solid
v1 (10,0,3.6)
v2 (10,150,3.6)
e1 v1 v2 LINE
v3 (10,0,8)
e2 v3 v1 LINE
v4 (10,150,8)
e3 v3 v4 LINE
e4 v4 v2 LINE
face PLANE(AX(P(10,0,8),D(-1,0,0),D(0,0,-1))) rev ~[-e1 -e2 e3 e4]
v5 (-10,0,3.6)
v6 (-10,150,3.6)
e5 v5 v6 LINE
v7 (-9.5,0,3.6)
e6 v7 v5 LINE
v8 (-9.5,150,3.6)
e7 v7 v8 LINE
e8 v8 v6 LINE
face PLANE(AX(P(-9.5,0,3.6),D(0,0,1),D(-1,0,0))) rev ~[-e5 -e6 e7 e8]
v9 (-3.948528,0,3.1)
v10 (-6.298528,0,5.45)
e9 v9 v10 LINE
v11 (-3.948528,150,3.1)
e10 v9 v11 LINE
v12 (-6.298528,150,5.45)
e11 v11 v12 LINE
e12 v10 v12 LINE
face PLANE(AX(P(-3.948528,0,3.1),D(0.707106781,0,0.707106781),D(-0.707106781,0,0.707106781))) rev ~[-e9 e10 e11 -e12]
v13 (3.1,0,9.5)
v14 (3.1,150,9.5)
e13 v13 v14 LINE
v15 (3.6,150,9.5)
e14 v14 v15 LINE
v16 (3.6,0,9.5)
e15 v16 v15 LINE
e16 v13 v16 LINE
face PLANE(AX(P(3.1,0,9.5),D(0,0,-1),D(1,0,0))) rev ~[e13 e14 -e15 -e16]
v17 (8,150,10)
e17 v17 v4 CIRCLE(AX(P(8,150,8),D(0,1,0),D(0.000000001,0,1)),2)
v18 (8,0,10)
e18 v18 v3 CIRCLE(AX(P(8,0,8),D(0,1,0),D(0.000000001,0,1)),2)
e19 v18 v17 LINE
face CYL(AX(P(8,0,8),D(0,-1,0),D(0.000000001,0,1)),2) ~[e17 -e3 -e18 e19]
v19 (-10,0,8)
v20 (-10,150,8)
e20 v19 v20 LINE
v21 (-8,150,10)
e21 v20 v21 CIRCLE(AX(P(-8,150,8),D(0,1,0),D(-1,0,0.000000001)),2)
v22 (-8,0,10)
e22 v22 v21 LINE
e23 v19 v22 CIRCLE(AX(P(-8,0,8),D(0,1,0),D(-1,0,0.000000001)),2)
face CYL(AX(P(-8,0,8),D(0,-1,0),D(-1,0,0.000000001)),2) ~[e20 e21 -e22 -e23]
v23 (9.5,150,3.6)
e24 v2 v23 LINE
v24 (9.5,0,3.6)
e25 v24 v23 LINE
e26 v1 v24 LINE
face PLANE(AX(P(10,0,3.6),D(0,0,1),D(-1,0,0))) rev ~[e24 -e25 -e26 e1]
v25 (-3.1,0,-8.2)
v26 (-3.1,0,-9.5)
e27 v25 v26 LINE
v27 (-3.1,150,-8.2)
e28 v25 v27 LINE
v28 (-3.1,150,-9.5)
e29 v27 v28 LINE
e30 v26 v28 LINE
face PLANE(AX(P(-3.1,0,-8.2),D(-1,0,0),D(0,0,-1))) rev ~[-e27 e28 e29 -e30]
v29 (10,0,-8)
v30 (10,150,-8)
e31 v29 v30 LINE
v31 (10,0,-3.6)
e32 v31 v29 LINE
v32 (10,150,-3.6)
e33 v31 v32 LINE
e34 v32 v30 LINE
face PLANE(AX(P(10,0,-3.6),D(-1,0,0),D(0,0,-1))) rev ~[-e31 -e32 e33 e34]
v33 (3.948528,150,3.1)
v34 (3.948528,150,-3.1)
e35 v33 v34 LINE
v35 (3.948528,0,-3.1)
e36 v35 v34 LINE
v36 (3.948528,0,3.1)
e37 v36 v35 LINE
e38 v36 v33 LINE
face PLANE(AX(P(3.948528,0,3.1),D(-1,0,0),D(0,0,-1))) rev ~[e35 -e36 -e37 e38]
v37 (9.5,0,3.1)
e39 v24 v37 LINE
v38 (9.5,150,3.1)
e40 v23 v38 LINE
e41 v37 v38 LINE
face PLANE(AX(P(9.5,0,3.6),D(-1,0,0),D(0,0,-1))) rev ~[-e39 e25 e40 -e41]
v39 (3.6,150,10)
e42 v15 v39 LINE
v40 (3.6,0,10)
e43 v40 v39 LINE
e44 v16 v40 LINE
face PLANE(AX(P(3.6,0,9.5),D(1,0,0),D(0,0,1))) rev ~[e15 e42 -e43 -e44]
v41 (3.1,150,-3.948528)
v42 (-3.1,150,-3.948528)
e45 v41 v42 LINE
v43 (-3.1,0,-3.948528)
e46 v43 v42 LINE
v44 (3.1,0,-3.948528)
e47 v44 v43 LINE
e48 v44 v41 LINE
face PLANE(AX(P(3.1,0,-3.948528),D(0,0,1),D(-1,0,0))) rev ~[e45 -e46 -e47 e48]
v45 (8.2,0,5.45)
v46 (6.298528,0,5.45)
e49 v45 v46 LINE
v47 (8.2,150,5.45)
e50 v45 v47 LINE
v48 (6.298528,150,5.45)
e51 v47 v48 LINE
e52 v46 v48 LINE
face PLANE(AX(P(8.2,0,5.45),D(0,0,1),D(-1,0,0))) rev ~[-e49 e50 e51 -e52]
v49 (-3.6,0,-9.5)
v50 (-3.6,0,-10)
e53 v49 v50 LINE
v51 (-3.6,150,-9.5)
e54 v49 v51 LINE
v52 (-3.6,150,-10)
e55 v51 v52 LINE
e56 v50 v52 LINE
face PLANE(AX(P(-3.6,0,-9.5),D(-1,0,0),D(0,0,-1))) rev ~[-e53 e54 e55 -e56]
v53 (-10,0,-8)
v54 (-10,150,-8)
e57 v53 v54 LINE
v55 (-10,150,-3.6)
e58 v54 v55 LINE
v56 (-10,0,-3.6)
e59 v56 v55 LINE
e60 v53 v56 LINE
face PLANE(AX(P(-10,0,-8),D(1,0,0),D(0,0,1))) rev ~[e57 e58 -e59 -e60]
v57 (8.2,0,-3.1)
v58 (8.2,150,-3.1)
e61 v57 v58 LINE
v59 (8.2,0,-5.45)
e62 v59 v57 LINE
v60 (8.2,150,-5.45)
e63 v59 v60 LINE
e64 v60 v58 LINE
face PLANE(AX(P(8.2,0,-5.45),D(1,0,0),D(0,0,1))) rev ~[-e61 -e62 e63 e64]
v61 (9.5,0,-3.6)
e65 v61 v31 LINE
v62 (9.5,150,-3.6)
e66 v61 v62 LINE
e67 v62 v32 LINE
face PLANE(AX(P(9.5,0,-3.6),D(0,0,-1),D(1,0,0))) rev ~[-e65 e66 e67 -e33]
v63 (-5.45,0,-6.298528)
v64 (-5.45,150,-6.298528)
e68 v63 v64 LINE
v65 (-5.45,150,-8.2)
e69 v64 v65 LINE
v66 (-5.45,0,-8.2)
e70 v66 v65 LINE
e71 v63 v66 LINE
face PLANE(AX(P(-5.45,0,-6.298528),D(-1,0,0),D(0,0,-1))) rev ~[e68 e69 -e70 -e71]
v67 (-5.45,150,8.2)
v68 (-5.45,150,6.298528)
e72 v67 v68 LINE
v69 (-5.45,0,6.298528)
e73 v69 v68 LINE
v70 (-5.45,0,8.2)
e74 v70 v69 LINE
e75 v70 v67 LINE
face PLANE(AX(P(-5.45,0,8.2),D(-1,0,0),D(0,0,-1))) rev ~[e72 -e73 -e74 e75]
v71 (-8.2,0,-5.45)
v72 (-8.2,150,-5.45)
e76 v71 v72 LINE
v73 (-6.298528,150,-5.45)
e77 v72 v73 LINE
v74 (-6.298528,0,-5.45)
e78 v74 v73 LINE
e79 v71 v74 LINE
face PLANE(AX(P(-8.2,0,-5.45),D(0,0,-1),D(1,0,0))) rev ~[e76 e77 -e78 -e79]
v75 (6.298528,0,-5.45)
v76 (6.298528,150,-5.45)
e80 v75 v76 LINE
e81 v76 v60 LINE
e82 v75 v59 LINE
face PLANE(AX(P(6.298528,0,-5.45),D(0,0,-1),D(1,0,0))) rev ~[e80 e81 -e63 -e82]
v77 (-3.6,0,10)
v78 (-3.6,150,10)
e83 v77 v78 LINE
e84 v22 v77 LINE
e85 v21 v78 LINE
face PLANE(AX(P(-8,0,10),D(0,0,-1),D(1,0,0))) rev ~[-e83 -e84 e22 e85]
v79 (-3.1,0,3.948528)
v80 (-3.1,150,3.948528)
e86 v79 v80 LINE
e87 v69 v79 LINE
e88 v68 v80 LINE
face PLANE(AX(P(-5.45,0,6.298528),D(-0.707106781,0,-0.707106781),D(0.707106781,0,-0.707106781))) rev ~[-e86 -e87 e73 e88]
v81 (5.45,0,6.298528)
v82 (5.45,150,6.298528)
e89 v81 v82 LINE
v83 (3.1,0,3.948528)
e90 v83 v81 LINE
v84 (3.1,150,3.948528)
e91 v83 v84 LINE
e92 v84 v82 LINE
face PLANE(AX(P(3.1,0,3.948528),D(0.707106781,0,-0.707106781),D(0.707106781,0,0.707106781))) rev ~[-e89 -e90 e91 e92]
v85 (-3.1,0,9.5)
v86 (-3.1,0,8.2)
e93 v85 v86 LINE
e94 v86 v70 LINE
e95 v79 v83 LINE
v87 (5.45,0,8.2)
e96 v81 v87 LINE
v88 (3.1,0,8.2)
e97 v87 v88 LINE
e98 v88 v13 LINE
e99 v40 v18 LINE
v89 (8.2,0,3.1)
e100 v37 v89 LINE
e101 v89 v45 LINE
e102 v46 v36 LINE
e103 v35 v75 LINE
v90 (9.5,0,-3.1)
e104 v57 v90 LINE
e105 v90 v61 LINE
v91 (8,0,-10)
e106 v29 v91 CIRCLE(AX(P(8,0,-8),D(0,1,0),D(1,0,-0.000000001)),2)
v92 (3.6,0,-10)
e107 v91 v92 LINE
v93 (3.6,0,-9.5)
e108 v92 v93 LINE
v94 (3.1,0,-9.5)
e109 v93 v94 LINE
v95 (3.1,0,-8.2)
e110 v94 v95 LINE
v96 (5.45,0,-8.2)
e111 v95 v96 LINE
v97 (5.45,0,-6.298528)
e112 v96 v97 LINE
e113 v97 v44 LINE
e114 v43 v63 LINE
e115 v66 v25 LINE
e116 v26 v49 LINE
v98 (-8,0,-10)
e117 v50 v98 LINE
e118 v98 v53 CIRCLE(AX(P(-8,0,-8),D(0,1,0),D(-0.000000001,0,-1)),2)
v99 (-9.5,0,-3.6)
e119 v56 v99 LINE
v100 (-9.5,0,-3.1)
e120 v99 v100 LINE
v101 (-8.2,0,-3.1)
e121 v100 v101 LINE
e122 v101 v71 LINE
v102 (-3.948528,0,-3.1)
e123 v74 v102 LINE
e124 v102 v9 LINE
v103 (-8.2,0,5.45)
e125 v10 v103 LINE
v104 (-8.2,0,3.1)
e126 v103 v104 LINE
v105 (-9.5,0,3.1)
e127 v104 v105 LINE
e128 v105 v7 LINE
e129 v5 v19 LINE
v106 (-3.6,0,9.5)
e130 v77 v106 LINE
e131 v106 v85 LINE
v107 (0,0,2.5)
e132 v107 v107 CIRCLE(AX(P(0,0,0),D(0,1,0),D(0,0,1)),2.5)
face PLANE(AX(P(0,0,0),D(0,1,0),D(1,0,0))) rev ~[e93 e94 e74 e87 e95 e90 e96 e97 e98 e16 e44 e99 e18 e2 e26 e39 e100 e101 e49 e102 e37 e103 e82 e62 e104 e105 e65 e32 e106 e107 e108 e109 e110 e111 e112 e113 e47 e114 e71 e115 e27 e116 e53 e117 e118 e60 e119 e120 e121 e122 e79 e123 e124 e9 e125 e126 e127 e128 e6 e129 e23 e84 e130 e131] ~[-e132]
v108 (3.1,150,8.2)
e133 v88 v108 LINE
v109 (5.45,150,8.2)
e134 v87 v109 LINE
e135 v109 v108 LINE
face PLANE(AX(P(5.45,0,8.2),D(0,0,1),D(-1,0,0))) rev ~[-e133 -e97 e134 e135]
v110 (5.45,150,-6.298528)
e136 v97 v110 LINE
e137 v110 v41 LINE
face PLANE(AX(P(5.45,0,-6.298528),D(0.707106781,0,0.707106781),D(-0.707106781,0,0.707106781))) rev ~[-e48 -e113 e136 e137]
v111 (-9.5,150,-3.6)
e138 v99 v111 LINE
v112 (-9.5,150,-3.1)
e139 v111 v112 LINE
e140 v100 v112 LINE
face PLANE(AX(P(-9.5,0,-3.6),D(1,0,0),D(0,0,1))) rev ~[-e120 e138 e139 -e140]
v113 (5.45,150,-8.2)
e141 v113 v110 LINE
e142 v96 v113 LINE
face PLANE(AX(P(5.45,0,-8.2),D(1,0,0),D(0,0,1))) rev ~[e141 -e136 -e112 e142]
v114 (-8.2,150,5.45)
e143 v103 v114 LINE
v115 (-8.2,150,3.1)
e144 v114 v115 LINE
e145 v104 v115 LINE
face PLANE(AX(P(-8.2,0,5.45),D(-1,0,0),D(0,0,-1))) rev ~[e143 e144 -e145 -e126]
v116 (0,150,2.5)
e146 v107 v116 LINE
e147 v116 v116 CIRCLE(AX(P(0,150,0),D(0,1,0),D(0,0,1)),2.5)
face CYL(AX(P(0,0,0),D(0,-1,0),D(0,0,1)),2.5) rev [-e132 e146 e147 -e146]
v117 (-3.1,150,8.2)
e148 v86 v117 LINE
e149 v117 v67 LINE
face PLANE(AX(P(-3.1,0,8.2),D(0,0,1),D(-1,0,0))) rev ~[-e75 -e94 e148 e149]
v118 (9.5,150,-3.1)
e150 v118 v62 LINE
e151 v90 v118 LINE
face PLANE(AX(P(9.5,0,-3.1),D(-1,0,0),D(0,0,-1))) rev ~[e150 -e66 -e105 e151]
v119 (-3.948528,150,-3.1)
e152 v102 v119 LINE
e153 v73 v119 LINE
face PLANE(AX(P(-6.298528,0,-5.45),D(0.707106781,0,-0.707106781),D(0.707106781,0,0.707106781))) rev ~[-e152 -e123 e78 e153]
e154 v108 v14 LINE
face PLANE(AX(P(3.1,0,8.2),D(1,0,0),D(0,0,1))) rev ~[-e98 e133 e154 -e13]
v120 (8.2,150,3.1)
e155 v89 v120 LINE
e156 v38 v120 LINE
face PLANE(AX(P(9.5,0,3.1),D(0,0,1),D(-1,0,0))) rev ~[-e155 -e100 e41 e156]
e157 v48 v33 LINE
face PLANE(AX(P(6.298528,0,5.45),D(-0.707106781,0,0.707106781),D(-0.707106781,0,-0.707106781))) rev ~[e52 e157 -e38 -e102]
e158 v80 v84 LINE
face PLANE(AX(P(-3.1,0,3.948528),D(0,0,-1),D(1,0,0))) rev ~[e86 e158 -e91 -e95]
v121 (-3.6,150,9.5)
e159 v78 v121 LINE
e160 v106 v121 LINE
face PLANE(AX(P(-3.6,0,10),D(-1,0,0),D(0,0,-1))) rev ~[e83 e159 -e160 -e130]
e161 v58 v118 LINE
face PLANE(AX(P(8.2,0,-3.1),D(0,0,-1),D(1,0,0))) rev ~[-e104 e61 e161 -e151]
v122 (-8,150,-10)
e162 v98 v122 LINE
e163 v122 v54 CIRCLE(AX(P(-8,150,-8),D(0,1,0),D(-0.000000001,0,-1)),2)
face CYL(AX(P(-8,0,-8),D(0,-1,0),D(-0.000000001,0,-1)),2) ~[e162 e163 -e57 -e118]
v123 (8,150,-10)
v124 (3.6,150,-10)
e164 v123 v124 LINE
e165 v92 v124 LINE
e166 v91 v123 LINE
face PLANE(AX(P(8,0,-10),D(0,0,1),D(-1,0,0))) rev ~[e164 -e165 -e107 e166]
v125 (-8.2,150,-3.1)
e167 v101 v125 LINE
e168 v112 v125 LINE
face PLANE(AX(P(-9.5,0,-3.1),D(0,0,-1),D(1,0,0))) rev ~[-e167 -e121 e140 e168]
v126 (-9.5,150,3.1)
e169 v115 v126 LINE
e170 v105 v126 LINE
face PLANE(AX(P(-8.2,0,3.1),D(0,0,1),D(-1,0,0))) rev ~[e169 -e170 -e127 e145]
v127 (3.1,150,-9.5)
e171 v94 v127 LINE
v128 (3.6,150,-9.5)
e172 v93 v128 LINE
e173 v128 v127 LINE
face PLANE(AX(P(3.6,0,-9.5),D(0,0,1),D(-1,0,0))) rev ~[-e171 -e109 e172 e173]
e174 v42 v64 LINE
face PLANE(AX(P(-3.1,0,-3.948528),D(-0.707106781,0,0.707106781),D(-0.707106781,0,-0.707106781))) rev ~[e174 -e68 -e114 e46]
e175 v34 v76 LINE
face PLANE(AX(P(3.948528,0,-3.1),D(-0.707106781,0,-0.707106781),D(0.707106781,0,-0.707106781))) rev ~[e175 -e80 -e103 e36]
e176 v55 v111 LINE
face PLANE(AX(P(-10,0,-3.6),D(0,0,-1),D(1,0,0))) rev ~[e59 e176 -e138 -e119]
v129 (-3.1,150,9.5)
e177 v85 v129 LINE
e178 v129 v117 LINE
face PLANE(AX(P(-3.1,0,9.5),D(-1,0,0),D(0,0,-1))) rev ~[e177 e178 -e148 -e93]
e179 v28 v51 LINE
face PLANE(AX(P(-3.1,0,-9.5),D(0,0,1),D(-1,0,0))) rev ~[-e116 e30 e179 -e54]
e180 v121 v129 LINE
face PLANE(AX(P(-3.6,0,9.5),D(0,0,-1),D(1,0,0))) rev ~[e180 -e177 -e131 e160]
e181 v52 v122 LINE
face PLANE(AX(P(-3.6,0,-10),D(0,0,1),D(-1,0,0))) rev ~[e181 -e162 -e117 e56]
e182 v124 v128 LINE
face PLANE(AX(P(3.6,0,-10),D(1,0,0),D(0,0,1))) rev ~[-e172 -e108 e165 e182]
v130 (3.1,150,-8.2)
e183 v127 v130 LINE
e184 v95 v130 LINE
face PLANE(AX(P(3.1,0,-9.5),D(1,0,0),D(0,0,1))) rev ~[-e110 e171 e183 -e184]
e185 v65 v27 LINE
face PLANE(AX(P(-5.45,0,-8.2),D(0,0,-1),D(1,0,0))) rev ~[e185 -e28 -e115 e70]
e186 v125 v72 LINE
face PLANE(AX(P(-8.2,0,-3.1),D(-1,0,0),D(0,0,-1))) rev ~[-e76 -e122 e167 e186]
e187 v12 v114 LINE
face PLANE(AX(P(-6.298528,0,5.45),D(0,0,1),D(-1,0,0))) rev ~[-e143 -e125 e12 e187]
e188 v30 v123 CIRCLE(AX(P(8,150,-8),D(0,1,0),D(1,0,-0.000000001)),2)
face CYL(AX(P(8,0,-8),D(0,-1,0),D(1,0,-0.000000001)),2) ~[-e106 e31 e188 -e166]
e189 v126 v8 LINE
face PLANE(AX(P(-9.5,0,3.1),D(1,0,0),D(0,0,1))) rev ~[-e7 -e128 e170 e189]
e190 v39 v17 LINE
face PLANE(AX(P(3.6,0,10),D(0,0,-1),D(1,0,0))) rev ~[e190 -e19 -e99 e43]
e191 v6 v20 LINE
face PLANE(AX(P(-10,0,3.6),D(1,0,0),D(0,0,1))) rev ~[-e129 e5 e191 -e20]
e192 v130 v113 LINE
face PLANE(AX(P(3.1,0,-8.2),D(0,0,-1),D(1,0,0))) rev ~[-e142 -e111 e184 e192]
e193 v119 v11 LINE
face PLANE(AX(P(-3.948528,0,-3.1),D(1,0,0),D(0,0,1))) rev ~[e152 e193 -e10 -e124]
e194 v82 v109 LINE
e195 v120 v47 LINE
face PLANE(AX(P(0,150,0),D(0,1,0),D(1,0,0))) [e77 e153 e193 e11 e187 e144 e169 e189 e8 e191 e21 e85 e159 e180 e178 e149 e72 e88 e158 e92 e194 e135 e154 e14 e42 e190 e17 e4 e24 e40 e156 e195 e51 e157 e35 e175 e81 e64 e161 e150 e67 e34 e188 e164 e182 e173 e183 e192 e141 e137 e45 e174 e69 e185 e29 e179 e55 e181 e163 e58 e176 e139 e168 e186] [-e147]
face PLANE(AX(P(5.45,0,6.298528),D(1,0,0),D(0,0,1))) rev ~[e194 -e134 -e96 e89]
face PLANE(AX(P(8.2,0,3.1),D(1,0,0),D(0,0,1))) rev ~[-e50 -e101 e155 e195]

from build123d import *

# Parameters (mm, degrees)
SKETCH_1_R      = 2.5
EXTRUDE_1_DEPTH = 150


with BuildPart() as part:
    # 草图1 → 凸台-拉伸1 (new body)
    with BuildSketch(Plane(origin=(0, 0, 0), x_dir=(1, 0, 0), z_dir=(0, 1, 0))):
        with BuildLine():
            Line((-3.948528137, -3.1), (-6.298528137, -5.45))
            Line((-6.298528137, -5.45), (-8.2, -5.45))
            Line((-8.2, -5.45), (-8.2, -3.1))
            Line((-8.2, -3.1), (-9.5, -3.1))
            Line((-9.5, -3.1), (-9.5, -3.6))
            Line((-9.5, -3.6), (-10, -3.6))
            Line((-10, -3.6), (-10, -8))
            ThreePointArc((-10, -8), (-9.414213562, -9.414213562), (-8, -10))
            Line((-8, -10), (-3.6, -10))
            Line((-3.6, -10), (-3.6, -9.5))
            Line((-3.6, -9.5), (-3.1, -9.5))
            Line((-3.1, -9.5), (-3.1, -8.2))
            Line((-3.1, -8.2), (-5.45, -8.2))
            Line((-5.45, -8.2), (-5.45, -6.298528137))
            Line((-5.45, -6.298528137), (-3.1, -3.948528137))
            Line((-3.1, -3.948528137), (0, -3.948528137))
            Line((0, -3.948528137), (3.1, -3.948528137))
            Line((3.1, -3.948528137), (5.45, -6.298528137))
            Line((5.45, -6.298528137), (5.45, -8.2))
            Line((5.45, -8.2), (3.1, -8.2))
            Line((3.1, -8.2), (3.1, -9.5))
            Line((3.1, -9.5), (3.6, -9.5))
            Line((3.6, -9.5), (3.6, -10))
            Line((3.6, -10), (8, -10))
            ThreePointArc((8, -10), (9.414213562, -9.414213562), (10, -8))
            Line((10, -8), (10, -3.6))
            Line((10, -3.6), (9.5, -3.6))
            Line((9.5, -3.6), (9.5, -3.1))
            Line((9.5, -3.1), (8.2, -3.1))
            Line((8.2, -3.1), (8.2, -5.45))
            Line((8.2, -5.45), (6.298528137, -5.45))
            Line((6.298528137, -5.45), (3.948528137, -3.1))
            Line((3.948528137, -3.1), (3.948528137, 0))
            Line((3.948528137, 0), (3.948528137, 3.1))
            Line((3.948528137, 3.1), (6.298528137, 5.45))
            Line((6.298528137, 5.45), (8.2, 5.45))
            Line((8.2, 5.45), (8.2, 3.1))
            Line((8.2, 3.1), (9.5, 3.1))
            Line((9.5, 3.1), (9.5, 3.6))
            Line((9.5, 3.6), (10, 3.6))
            Line((10, 3.6), (10, 8))
            ThreePointArc((10, 8), (9.414213562, 9.414213562), (8, 10))
            Line((8, 10), (3.6, 10))
            Line((3.6, 10), (3.6, 9.5))
            Line((3.6, 9.5), (3.1, 9.5))
            Line((3.1, 9.5), (3.1, 8.2))
            Line((3.1, 8.2), (5.45, 8.2))
            Line((5.45, 8.2), (5.45, 6.298528137))
            Line((5.45, 6.298528137), (3.1, 3.948528137))
            Line((3.1, 3.948528137), (0, 3.948528137))
            Line((0, 3.948528137), (-3.1, 3.948528137))
            Line((-3.1, 3.948528137), (-5.45, 6.298528137))
            Line((-5.45, 6.298528137), (-5.45, 8.2))
            Line((-5.45, 8.2), (-3.1, 8.2))
            Line((-3.1, 8.2), (-3.1, 9.5))
            Line((-3.1, 9.5), (-3.6, 9.5))
            Line((-3.6, 9.5), (-3.6, 10))
            Line((-3.6, 10), (-8, 10))
            ThreePointArc((-8, 10), (-9.414213562, 9.414213562), (-10, 8))
            Line((-10, 8), (-10, 3.6))
            Line((-10, 3.6), (-9.5, 3.6))
            Line((-9.5, 3.6), (-9.5, 3.1))
            Line((-9.5, 3.1), (-8.2, 3.1))
            Line((-8.2, 3.1), (-8.2, 5.45))
            Line((-8.2, 5.45), (-6.298528137, 5.45))
            Line((-6.298528137, 5.45), (-3.948528137, 3.1))
            Line((-3.948528137, 3.1), (-3.948528137, 0))
            Line((-3.948528137, 0), (-3.948528137, -3.1))
        make_face()
        with Locations(Location((0, 0, 0), (0, 0, 270))):
            Circle(SKETCH_1_R, mode=Mode.SUBTRACT)
    extrude(amount=EXTRUDE_1_DEPTH)


solid = part.part
